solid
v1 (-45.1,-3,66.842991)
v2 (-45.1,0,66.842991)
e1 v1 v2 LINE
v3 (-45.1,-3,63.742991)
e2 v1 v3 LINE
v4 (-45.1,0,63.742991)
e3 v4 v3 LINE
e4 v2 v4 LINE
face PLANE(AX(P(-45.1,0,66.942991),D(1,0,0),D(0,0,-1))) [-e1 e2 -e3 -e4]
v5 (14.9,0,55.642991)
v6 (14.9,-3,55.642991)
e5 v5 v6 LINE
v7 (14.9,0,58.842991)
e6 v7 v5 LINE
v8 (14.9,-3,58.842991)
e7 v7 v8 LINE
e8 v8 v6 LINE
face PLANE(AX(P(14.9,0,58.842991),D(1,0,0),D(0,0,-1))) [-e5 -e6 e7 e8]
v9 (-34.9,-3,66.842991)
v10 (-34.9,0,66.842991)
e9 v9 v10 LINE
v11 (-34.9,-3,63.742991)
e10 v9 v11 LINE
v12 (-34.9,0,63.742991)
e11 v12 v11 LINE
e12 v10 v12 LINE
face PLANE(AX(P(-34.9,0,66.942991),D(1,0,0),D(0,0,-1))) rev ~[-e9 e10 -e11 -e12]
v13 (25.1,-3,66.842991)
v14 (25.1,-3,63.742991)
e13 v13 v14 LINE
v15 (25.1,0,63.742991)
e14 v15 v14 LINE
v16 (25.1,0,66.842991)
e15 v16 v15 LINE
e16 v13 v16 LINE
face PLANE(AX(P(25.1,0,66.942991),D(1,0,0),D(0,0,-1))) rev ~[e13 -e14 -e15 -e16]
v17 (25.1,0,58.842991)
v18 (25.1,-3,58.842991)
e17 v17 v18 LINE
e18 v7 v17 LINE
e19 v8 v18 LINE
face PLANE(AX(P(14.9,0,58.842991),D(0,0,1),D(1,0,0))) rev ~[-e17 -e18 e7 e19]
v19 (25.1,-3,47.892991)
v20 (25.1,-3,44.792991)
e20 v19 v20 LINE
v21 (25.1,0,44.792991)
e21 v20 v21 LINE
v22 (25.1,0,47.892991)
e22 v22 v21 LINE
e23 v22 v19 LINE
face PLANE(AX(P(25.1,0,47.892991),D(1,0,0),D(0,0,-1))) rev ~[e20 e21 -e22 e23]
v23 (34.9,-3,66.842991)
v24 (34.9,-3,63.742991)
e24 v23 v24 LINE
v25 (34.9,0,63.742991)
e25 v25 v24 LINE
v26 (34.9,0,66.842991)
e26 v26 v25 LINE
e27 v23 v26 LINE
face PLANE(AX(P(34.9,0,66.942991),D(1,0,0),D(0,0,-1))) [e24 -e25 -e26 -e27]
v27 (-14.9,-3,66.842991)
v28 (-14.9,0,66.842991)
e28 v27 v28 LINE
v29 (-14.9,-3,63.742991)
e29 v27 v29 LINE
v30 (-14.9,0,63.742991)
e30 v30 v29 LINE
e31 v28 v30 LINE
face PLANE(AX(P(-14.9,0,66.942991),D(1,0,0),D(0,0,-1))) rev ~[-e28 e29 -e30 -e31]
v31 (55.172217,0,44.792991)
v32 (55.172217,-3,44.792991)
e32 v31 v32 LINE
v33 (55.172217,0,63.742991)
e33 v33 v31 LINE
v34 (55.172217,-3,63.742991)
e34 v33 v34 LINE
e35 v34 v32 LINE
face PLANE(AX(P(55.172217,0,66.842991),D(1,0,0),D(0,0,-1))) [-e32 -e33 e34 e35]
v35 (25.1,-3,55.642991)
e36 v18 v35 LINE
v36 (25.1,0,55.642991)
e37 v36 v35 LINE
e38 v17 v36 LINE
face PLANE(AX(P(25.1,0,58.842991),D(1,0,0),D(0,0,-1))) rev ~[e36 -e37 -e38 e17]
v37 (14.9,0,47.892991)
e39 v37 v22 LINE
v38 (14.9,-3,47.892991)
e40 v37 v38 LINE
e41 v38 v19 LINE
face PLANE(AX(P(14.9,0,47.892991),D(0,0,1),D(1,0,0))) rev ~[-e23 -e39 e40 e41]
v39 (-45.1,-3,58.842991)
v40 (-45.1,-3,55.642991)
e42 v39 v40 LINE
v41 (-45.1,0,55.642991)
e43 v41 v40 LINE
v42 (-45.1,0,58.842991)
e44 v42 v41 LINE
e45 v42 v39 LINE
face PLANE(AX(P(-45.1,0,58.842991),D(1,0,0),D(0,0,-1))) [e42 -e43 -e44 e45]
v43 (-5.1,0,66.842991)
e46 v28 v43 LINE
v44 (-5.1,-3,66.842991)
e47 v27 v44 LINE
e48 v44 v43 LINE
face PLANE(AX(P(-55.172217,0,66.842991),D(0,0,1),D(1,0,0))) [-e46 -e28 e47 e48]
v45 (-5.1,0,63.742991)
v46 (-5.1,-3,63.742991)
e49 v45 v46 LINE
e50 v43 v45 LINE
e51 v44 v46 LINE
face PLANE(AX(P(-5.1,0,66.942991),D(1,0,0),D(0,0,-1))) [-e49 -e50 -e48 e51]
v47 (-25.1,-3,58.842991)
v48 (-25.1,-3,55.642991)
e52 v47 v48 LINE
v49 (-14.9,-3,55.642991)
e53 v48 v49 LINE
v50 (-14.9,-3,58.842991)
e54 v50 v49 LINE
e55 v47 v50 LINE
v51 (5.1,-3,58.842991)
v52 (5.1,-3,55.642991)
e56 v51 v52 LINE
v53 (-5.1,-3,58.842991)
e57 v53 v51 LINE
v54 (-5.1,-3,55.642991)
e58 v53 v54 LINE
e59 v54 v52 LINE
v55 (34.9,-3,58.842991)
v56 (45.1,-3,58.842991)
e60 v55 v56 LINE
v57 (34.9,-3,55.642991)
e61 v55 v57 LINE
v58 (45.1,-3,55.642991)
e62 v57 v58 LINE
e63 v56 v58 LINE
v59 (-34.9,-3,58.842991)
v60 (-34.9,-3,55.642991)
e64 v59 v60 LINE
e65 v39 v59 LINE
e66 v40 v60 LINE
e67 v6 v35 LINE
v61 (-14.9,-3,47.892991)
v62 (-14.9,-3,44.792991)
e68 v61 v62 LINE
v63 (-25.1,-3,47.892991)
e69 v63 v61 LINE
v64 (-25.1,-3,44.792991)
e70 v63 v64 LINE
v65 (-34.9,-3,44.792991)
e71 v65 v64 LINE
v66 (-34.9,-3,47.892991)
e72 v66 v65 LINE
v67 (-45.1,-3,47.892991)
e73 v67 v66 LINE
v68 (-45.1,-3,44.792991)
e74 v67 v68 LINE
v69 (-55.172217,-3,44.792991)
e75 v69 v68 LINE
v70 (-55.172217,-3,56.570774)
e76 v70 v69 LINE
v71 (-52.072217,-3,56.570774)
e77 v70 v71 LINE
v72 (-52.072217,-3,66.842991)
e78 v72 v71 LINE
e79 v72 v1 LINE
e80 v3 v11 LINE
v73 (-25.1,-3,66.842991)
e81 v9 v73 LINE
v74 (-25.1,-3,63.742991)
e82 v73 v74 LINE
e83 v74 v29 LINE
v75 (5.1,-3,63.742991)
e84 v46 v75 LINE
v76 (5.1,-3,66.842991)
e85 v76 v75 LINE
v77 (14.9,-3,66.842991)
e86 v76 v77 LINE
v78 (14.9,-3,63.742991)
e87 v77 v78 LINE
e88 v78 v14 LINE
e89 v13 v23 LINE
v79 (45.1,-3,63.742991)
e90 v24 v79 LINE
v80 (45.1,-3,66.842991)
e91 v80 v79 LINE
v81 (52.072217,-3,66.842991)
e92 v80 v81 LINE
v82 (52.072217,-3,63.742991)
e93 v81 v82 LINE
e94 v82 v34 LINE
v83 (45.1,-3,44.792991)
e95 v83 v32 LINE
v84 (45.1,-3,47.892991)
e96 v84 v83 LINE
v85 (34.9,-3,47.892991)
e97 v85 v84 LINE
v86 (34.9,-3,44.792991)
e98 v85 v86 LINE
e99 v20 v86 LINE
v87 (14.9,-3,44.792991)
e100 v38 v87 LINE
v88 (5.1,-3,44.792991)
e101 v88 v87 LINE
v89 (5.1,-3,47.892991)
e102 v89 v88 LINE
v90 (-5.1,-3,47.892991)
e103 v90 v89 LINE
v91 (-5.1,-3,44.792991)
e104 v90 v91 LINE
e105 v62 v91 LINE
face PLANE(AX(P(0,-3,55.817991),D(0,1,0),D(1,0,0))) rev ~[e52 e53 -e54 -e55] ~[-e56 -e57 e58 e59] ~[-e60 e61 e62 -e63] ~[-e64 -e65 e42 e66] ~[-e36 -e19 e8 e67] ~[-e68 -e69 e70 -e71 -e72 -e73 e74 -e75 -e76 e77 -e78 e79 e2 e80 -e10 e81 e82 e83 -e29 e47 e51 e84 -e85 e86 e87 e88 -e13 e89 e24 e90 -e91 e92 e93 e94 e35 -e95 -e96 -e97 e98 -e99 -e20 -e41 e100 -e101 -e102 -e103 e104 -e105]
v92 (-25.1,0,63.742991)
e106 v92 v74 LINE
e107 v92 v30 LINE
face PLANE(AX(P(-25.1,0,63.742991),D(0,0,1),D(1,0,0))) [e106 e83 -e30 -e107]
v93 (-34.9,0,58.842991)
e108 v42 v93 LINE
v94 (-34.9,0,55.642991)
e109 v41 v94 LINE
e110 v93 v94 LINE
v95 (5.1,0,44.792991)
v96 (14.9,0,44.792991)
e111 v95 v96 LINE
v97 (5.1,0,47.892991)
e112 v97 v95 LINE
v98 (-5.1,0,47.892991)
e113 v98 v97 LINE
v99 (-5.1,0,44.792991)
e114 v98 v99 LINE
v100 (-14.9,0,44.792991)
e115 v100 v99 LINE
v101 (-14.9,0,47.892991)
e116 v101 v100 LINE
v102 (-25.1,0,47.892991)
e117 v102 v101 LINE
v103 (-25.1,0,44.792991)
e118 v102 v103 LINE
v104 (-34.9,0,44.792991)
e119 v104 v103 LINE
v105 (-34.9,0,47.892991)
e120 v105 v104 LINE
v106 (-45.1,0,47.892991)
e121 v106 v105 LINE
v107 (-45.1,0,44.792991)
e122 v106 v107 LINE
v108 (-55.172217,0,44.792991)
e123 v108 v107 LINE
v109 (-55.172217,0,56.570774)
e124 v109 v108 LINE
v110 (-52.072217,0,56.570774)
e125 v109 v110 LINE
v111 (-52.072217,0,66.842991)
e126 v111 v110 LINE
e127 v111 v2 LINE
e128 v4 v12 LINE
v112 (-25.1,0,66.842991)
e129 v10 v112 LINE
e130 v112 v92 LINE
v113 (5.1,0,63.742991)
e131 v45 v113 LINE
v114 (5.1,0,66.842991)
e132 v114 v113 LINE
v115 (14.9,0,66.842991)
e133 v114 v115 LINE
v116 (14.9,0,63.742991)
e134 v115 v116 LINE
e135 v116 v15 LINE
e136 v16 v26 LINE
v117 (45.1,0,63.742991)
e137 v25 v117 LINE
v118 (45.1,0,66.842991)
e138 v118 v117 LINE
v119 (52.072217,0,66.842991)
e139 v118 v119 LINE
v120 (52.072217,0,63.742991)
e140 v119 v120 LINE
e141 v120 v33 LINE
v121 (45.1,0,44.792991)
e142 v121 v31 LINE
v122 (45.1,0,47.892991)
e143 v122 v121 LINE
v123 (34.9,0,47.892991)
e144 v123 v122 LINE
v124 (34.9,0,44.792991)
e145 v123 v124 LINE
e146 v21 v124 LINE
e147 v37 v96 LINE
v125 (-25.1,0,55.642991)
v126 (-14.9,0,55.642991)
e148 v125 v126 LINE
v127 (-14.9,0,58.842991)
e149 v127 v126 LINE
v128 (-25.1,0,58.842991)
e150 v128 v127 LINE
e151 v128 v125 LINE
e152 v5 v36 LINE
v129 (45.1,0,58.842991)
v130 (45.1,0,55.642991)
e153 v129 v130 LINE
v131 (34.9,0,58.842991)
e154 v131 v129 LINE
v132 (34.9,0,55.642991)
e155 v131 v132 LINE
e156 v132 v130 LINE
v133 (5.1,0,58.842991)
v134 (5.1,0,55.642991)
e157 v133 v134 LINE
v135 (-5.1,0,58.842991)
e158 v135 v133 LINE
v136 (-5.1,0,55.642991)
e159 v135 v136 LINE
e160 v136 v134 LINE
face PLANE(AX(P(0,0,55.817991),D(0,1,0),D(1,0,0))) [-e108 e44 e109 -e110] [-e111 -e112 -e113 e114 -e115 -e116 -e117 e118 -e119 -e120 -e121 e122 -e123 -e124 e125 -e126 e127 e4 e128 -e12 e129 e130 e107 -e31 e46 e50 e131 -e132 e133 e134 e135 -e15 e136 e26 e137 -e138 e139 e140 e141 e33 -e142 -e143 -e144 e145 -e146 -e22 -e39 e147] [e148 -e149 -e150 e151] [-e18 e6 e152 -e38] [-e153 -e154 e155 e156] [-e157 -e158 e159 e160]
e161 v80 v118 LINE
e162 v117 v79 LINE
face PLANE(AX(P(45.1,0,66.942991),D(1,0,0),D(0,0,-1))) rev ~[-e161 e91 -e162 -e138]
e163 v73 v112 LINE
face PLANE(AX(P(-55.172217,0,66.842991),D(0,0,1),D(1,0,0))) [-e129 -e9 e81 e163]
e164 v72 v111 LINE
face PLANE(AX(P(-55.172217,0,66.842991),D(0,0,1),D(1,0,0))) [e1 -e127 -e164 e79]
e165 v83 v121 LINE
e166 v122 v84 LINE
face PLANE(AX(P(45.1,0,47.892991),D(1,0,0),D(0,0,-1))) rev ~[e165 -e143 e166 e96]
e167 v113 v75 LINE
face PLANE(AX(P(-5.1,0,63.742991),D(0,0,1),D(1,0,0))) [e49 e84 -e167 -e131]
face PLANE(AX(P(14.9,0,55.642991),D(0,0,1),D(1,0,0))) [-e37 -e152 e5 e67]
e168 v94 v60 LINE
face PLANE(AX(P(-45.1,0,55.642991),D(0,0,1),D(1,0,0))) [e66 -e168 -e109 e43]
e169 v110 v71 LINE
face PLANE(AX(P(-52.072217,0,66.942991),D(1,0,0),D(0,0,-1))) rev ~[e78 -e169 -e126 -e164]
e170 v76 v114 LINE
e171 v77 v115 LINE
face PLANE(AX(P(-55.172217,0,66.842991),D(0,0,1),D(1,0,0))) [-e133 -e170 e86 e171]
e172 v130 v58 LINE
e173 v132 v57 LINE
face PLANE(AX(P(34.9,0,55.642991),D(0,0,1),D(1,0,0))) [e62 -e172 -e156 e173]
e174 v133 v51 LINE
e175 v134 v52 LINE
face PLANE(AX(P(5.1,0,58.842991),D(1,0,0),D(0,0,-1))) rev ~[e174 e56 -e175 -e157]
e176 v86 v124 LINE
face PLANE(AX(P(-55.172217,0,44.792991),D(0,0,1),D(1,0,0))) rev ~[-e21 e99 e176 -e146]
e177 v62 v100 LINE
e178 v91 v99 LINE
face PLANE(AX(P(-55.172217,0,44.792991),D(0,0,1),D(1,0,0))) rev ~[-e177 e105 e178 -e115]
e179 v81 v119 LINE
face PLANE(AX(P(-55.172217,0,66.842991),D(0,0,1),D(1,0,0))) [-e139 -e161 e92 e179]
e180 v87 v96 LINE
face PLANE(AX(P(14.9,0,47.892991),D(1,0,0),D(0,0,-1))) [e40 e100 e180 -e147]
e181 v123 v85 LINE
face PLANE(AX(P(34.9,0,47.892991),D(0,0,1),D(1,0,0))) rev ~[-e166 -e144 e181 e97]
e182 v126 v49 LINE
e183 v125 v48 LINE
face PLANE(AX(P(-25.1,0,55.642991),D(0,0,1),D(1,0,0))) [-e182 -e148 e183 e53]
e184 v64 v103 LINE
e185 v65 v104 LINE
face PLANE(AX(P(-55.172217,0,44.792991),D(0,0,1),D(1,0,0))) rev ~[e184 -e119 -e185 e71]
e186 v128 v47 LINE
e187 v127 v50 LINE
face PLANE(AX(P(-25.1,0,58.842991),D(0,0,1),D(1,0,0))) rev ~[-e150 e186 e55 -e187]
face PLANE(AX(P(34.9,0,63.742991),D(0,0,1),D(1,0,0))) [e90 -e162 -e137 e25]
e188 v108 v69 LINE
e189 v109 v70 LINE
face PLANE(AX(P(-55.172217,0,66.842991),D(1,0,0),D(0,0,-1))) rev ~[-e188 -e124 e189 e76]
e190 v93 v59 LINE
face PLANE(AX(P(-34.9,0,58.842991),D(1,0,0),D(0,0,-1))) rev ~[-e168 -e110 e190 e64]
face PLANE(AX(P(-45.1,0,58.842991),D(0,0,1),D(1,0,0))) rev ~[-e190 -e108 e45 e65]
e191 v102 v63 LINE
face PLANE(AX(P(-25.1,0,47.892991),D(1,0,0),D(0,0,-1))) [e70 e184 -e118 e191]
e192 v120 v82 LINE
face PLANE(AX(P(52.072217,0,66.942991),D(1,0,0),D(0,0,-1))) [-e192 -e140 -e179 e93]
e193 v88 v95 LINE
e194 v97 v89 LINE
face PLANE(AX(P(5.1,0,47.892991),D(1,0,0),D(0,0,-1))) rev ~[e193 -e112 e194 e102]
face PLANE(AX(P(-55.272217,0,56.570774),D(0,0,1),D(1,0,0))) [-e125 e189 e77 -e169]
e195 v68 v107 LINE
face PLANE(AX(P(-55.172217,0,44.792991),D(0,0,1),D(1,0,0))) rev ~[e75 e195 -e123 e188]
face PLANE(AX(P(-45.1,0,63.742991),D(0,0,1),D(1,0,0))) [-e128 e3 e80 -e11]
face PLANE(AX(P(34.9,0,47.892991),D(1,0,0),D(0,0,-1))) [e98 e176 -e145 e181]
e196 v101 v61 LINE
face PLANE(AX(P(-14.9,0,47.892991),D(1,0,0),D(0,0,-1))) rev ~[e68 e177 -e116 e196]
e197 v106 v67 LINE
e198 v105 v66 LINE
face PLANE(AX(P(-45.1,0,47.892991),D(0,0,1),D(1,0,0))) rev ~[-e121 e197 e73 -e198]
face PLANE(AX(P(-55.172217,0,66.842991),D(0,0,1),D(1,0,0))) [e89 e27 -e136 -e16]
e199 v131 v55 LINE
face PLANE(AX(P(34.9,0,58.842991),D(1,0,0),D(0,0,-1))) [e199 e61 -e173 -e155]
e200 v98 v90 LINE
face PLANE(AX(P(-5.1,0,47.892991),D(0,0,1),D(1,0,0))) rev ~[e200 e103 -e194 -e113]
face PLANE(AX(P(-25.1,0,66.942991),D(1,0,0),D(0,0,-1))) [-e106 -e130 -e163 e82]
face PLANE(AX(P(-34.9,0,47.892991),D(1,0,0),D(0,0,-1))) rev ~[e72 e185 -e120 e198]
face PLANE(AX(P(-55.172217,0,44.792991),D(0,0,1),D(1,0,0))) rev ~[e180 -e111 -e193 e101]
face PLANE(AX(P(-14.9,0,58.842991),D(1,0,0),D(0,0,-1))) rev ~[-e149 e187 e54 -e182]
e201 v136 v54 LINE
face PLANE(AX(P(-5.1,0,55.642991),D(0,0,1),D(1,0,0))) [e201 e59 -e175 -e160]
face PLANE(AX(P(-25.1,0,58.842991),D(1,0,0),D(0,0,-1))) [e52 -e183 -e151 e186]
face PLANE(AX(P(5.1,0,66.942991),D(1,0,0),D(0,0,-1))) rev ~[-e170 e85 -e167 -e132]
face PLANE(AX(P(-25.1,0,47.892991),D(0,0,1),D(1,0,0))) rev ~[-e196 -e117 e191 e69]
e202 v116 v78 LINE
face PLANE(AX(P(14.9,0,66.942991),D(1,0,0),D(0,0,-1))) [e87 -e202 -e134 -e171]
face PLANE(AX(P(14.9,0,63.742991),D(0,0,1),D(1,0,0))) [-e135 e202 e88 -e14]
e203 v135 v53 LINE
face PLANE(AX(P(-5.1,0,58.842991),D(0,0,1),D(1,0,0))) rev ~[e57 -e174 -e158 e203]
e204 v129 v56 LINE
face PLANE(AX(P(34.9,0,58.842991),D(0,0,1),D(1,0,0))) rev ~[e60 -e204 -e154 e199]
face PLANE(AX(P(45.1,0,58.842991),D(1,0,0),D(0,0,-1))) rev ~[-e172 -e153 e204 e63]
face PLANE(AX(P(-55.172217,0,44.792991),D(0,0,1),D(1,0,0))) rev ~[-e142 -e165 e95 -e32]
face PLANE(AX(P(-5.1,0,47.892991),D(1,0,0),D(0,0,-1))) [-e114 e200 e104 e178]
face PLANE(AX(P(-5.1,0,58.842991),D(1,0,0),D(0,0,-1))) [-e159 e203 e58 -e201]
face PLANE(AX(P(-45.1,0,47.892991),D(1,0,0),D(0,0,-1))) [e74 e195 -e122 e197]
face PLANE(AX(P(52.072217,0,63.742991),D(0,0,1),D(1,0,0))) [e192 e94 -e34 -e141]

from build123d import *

# Parameters (mm, degrees)
SKETCH1_W           = 110.344434204
SKETCH1_H           = 22.05
BOSS_EXTRUDE1_DEPTH = 3
SKETCH3_W           = 10.2
SKETCH3_H           = 3.2
SKETCH3_W_2         = 3.2
SKETCH3_H_2         = 10.372217102
CUT_EXTRUDE1_DEPTH  = 4


with BuildPart() as part:
    # Sketch1 → Boss-Extrude1 (new body)
    with BuildSketch(Plane(origin=(0, 0, 0), x_dir=(1, 0, 0), z_dir=(0, 1, 0))):
        with Locations((0, -55.817990858)):
            Rectangle(SKETCH1_W, SKETCH1_H)
    extrude(amount=-BOSS_EXTRUDE1_DEPTH)

    # Sketch3 → Cut-Extrude1 (cut, through all)
    with BuildSketch(Plane(origin=(0, 0, 0), x_dir=(1, 0, 0), z_dir=(0, 1, 0))):
        with Locations((-40, -46.292990858)):
            Rectangle(SKETCH3_W, SKETCH3_H)
        with Locations((-53.672217102, -61.756882307)):
            Rectangle(SKETCH3_W_2, SKETCH3_H_2)
        with Locations((53.672217102, -65.342990858)):
            Rectangle(SKETCH3_W_2, SKETCH3_H)
        with Locations((-40, -65.342990858)):
            Rectangle(SKETCH3_W, SKETCH3_H)
        with Locations((-20, -46.292990858)):
            Rectangle(SKETCH3_W, SKETCH3_H)
        with Locations((-20, -65.342990858)):
            Rectangle(SKETCH3_W, SKETCH3_H)
        with Locations((0, -46.292990858)):
            Rectangle(SKETCH3_W, SKETCH3_H)
        with Locations((0, -65.342990858)):
            Rectangle(SKETCH3_W, SKETCH3_H)
        with Locations((20, -46.292990858)):
            Rectangle(SKETCH3_W, SKETCH3_H)
        with Locations((20, -65.342990858)):
            Rectangle(SKETCH3_W, SKETCH3_H)
        with Locations((40, -46.292990858)):
            Rectangle(SKETCH3_W, SKETCH3_H)
        with Locations((40, -65.342990858)):
            Rectangle(SKETCH3_W, SKETCH3_H)
        with Locations((-40, -57.242990858)):
            Rectangle(SKETCH3_W, SKETCH3_H)
        with Locations((40, -57.242990858)):
            Rectangle(SKETCH3_W, SKETCH3_H)
        with Locations((-20, -57.242990858)):
            Rectangle(SKETCH3_W, SKETCH3_H)
        with Locations((20, -57.242990858)):
            Rectangle(SKETCH3_W, SKETCH3_H)
        with Locations((0, -57.242990858)):
            Rectangle(SKETCH3_W, SKETCH3_H)
    extrude(amount=-CUT_EXTRUDE1_DEPTH, mode=Mode.SUBTRACT)


solid = part.part
